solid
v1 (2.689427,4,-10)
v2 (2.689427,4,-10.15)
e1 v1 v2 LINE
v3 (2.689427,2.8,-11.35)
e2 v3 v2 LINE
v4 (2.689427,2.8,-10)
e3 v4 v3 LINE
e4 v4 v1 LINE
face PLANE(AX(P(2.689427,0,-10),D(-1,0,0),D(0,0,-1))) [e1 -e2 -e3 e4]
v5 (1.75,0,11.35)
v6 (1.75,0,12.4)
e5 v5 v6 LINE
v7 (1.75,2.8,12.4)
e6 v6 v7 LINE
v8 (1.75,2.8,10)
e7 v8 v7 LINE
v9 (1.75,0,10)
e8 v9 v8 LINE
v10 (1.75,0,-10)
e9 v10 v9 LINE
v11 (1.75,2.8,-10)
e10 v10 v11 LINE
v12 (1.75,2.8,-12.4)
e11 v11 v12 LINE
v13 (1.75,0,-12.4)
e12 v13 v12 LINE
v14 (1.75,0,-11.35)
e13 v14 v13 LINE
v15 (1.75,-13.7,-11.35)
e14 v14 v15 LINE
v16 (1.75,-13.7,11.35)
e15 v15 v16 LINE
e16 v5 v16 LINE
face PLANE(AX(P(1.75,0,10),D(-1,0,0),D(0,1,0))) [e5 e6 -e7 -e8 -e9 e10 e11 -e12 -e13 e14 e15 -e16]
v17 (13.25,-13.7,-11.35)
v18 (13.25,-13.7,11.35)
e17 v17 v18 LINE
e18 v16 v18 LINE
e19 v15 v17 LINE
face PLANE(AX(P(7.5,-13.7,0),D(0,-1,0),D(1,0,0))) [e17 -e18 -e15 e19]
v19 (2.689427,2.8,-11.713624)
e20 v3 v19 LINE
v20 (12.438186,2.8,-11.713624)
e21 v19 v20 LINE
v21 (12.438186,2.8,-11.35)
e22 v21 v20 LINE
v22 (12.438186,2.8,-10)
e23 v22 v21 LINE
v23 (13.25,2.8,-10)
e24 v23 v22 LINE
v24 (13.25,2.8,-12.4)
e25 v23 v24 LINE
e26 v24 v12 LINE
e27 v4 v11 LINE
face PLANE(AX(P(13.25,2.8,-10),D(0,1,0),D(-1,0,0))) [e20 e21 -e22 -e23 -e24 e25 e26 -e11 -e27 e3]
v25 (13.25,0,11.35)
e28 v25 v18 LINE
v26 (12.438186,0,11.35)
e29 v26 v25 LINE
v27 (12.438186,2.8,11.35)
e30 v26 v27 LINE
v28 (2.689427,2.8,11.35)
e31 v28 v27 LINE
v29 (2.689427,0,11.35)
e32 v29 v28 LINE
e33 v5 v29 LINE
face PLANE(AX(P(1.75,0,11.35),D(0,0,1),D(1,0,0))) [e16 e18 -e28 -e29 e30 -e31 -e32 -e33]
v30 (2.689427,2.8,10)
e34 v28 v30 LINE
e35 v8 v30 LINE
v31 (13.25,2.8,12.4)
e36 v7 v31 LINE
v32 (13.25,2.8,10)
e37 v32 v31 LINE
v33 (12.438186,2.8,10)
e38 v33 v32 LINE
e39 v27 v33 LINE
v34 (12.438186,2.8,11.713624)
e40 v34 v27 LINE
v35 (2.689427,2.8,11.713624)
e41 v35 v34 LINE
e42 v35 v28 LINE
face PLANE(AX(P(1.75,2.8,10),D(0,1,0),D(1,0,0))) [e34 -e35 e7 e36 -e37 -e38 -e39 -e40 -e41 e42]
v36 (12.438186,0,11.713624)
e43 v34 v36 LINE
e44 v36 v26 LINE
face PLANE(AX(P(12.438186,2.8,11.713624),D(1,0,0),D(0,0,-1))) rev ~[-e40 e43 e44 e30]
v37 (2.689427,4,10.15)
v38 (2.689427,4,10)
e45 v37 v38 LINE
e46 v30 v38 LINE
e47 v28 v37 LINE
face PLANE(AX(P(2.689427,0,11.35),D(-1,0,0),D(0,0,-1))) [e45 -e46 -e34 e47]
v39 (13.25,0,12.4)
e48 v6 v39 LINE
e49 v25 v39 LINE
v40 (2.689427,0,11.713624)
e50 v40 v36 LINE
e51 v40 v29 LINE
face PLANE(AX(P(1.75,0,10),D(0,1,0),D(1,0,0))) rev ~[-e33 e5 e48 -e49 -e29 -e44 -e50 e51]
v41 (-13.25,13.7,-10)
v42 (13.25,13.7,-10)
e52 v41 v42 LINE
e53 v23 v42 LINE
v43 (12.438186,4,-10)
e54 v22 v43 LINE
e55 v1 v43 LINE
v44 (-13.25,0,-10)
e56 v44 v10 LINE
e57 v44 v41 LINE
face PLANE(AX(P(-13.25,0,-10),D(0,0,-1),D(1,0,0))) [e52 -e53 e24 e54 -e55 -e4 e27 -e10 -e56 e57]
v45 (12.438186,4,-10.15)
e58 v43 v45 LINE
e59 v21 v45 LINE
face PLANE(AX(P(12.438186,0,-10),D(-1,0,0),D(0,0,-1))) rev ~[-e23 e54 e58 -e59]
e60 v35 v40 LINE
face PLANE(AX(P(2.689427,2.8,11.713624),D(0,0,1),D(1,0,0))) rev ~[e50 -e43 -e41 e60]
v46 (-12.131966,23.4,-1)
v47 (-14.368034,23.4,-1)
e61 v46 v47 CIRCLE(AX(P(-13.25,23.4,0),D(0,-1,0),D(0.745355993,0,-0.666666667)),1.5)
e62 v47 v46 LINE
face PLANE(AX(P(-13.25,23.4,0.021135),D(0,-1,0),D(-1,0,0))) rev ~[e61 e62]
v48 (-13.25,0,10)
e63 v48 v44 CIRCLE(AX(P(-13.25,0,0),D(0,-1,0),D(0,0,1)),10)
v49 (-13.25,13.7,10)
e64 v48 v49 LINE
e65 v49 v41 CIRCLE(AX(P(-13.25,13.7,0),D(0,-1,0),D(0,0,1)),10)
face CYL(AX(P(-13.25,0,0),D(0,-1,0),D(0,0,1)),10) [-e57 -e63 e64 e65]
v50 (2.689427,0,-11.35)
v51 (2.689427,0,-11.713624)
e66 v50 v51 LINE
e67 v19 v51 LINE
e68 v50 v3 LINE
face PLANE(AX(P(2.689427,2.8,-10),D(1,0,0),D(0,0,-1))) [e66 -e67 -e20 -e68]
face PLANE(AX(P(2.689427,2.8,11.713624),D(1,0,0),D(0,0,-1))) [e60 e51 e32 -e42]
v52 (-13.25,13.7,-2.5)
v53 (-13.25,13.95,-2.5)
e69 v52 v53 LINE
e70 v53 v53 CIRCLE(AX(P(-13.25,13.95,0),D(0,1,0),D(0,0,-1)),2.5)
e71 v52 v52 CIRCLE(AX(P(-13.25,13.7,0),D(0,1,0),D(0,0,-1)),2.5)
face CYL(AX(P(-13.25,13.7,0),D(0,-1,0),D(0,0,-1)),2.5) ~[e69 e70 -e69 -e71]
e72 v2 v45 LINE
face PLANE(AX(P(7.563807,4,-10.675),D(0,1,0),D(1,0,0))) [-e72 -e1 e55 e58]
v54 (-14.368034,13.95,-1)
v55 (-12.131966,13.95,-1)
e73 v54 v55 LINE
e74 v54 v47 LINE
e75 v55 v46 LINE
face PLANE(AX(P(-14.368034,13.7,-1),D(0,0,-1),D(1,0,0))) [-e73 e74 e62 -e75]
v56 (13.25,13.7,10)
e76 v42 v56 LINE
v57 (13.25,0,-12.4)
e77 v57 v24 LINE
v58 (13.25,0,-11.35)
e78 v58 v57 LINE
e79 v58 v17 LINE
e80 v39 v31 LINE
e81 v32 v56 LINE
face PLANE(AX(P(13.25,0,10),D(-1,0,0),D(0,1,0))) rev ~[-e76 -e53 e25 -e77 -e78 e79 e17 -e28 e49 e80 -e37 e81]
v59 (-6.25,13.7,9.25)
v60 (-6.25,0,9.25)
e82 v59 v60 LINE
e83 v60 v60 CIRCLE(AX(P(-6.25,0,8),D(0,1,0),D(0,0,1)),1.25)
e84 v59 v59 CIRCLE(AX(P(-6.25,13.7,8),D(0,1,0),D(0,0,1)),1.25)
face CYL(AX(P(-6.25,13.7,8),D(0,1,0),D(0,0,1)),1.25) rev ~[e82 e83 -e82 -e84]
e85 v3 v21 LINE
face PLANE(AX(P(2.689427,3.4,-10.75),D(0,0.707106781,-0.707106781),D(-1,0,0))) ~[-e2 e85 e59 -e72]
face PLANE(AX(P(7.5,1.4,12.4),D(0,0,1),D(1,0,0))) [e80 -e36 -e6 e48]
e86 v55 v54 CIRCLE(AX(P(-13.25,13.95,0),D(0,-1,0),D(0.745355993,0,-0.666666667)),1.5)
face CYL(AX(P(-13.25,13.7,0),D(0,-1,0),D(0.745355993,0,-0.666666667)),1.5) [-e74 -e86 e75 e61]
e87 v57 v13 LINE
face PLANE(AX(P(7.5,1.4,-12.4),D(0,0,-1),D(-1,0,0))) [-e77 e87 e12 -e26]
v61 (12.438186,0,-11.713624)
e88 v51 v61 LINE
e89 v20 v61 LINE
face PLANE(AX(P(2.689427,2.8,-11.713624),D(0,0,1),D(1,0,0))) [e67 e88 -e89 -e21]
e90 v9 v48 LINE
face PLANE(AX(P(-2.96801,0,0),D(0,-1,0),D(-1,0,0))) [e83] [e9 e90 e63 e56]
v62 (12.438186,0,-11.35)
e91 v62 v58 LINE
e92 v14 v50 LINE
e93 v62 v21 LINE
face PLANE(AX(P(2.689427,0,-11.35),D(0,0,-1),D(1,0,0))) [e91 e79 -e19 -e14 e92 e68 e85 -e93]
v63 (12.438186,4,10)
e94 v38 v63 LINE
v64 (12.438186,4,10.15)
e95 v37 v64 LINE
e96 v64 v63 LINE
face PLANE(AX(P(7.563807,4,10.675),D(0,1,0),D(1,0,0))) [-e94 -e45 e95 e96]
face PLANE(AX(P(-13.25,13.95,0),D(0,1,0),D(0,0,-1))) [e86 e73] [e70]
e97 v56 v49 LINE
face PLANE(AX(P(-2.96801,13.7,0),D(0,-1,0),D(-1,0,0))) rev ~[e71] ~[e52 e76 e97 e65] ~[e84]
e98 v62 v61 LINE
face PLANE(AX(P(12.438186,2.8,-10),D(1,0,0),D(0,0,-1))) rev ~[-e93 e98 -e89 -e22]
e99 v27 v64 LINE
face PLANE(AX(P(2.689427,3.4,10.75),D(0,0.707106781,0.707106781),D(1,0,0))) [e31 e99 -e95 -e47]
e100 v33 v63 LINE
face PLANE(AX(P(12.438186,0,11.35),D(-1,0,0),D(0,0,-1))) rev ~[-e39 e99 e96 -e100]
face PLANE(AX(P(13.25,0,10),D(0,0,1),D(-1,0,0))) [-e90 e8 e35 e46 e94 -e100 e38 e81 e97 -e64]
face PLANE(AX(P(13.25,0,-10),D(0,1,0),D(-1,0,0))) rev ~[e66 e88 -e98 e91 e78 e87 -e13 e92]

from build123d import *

# Parameters (mm, degrees)
EXTRUDE_1_DEPTH      = 13.7
EXTRUDE_2_DEPTH      = 9.7
SKETCH_3_W           = 11.5
SKETCH_3_H           = 22.7
EXTRUDE_3_DEPTH      = 13.7
SKETCH_4_W           = 11.5
SKETCH_4_H           = 2.8
EXTRUDE_4_DEPTH      = 2.4
SKETCH_5_W           = 11.5
SKETCH_5_H           = 2.8
EXTRUDE_5_DEPTH      = 2.4
SKETCH_6_W           = 9.748758204
SKETCH_6_H           = 1.713624198
CUT_EXTRUDE_7_DEPTH  = 2.8
SKETCH_7_W           = 9.748758204
SKETCH_7_H           = 1.35
EXTRUDE_8_DEPTH      = 4
CHAMFER_1_SIZE       = 1.2
SKETCH_8_R           = 2.5
EXTRUDE_9_DEPTH      = 0.25
SKETCH_9_R           = 1.25
CUT_EXTRUDE_10_DEPTH = 39.014240753


with BuildPart() as part:
    # Эскиз1 → Вытянуть1 (new body)
    with BuildSketch(Plane(origin=(0, 0, 0), x_dir=(1, 0, 0), z_dir=(0, 1, 0))):
        with BuildLine():
            Line((-13.25, 10), (13.25, 10))
            Line((13.25, 10), (13.25, -10))
            Line((13.25, -10), (-13.25, -10))
            ThreePointArc((-13.25, -10), (-23.25, 0), (-13.25, 10))
        make_face()
    extrude(amount=EXTRUDE_1_DEPTH)

    # Эскиз2 → Вытянуть2 (add)
    with BuildSketch(Plane(origin=(0, 13.7, 0), x_dir=(1, 0, 0), z_dir=(0, 1, 0))):
        with BuildLine():
            Line((-14.368033989, 1), (-12.131966011, 1))
            ThreePointArc((-12.131966011, 1), (-13.25, -1.5), (-14.368033989, 1))
        make_face()
    extrude(amount=EXTRUDE_2_DEPTH)

    # Эскиз3 → Вытянуть3 (add)
    with BuildSketch(Plane.XZ):
        with Locations((7.5, 0)):
            Rectangle(SKETCH_3_W, SKETCH_3_H)
    extrude(amount=EXTRUDE_3_DEPTH)

    # Эскиз4 → Вытянуть4 (add)
    with BuildSketch(Plane(origin=(0, 0, -10), x_dir=(-1, 0, 0), z_dir=(0, 0, -1))):
        with Locations((-7.5, 1.4)):
            Rectangle(SKETCH_4_W, SKETCH_4_H)
    extrude(amount=EXTRUDE_4_DEPTH)

    # Эскиз5 → Вытянуть5 (add)
    with BuildSketch(Plane.XY.offset(10)):
        with Locations((7.5, 1.4)):
            Rectangle(SKETCH_5_W, SKETCH_5_H)
    extrude(amount=EXTRUDE_5_DEPTH)

    # Эскиз6 → Вытянуть7 (cut)
    with BuildSketch(Plane(origin=(0, 2.8, 0), x_dir=(1, 0, 0), z_dir=(0, 1, 0))):
        with Locations((7.563806599, 10.856812099)):
            Rectangle(SKETCH_6_W, SKETCH_6_H)
        with Locations((7.563806599, -10.856812099)):
            Rectangle(SKETCH_6_W, SKETCH_6_H)
    extrude(amount=-CUT_EXTRUDE_7_DEPTH, mode=Mode.SUBTRACT)

    # Эскиз7 → Вытянуть8 (add)
    with BuildSketch(Plane(origin=(0, 0, 0), x_dir=(1, 0, 0), z_dir=(0, 1, 0))):
        with Locations((7.563806599, 10.675)):
            Rectangle(SKETCH_7_W, SKETCH_7_H)
        with Locations((7.563806599, -10.675)):
            Rectangle(SKETCH_7_W, SKETCH_7_H)
    extrude(amount=EXTRUDE_8_DEPTH)

    # Фаска1
    chamfer_1_edges = [part.edges().sort_by_distance(p)[0] for p in [
        (7.563806599, 4, -11.35),
        (7.563806599, 4, 11.35),
    ]]
    chamfer(chamfer_1_edges, length=CHAMFER_1_SIZE)

    # Эскиз8 → Вытянуть9 (add)
    with BuildSketch(Plane(origin=(0, 13.7, 0), x_dir=(1, 0, 0), z_dir=(0, 1, 0))):
        with Locations(Location((-13.25, 0, 0), (0, 0, 90))):
            Circle(SKETCH_8_R)
    extrude(amount=EXTRUDE_9_DEPTH)

    # Эскиз9 → Вытянуть10 (cut, through all)
    with BuildSketch(Plane(origin=(0, 13.7, 0), x_dir=(1, 0, 0), z_dir=(0, 1, 0))):
        with Locations(Location((-6.25, -8, 0), (0, 0, 270))):
            Circle(SKETCH_9_R)
    extrude(amount=-CUT_EXTRUDE_10_DEPTH, mode=Mode.SUBTRACT)


solid = part.part
